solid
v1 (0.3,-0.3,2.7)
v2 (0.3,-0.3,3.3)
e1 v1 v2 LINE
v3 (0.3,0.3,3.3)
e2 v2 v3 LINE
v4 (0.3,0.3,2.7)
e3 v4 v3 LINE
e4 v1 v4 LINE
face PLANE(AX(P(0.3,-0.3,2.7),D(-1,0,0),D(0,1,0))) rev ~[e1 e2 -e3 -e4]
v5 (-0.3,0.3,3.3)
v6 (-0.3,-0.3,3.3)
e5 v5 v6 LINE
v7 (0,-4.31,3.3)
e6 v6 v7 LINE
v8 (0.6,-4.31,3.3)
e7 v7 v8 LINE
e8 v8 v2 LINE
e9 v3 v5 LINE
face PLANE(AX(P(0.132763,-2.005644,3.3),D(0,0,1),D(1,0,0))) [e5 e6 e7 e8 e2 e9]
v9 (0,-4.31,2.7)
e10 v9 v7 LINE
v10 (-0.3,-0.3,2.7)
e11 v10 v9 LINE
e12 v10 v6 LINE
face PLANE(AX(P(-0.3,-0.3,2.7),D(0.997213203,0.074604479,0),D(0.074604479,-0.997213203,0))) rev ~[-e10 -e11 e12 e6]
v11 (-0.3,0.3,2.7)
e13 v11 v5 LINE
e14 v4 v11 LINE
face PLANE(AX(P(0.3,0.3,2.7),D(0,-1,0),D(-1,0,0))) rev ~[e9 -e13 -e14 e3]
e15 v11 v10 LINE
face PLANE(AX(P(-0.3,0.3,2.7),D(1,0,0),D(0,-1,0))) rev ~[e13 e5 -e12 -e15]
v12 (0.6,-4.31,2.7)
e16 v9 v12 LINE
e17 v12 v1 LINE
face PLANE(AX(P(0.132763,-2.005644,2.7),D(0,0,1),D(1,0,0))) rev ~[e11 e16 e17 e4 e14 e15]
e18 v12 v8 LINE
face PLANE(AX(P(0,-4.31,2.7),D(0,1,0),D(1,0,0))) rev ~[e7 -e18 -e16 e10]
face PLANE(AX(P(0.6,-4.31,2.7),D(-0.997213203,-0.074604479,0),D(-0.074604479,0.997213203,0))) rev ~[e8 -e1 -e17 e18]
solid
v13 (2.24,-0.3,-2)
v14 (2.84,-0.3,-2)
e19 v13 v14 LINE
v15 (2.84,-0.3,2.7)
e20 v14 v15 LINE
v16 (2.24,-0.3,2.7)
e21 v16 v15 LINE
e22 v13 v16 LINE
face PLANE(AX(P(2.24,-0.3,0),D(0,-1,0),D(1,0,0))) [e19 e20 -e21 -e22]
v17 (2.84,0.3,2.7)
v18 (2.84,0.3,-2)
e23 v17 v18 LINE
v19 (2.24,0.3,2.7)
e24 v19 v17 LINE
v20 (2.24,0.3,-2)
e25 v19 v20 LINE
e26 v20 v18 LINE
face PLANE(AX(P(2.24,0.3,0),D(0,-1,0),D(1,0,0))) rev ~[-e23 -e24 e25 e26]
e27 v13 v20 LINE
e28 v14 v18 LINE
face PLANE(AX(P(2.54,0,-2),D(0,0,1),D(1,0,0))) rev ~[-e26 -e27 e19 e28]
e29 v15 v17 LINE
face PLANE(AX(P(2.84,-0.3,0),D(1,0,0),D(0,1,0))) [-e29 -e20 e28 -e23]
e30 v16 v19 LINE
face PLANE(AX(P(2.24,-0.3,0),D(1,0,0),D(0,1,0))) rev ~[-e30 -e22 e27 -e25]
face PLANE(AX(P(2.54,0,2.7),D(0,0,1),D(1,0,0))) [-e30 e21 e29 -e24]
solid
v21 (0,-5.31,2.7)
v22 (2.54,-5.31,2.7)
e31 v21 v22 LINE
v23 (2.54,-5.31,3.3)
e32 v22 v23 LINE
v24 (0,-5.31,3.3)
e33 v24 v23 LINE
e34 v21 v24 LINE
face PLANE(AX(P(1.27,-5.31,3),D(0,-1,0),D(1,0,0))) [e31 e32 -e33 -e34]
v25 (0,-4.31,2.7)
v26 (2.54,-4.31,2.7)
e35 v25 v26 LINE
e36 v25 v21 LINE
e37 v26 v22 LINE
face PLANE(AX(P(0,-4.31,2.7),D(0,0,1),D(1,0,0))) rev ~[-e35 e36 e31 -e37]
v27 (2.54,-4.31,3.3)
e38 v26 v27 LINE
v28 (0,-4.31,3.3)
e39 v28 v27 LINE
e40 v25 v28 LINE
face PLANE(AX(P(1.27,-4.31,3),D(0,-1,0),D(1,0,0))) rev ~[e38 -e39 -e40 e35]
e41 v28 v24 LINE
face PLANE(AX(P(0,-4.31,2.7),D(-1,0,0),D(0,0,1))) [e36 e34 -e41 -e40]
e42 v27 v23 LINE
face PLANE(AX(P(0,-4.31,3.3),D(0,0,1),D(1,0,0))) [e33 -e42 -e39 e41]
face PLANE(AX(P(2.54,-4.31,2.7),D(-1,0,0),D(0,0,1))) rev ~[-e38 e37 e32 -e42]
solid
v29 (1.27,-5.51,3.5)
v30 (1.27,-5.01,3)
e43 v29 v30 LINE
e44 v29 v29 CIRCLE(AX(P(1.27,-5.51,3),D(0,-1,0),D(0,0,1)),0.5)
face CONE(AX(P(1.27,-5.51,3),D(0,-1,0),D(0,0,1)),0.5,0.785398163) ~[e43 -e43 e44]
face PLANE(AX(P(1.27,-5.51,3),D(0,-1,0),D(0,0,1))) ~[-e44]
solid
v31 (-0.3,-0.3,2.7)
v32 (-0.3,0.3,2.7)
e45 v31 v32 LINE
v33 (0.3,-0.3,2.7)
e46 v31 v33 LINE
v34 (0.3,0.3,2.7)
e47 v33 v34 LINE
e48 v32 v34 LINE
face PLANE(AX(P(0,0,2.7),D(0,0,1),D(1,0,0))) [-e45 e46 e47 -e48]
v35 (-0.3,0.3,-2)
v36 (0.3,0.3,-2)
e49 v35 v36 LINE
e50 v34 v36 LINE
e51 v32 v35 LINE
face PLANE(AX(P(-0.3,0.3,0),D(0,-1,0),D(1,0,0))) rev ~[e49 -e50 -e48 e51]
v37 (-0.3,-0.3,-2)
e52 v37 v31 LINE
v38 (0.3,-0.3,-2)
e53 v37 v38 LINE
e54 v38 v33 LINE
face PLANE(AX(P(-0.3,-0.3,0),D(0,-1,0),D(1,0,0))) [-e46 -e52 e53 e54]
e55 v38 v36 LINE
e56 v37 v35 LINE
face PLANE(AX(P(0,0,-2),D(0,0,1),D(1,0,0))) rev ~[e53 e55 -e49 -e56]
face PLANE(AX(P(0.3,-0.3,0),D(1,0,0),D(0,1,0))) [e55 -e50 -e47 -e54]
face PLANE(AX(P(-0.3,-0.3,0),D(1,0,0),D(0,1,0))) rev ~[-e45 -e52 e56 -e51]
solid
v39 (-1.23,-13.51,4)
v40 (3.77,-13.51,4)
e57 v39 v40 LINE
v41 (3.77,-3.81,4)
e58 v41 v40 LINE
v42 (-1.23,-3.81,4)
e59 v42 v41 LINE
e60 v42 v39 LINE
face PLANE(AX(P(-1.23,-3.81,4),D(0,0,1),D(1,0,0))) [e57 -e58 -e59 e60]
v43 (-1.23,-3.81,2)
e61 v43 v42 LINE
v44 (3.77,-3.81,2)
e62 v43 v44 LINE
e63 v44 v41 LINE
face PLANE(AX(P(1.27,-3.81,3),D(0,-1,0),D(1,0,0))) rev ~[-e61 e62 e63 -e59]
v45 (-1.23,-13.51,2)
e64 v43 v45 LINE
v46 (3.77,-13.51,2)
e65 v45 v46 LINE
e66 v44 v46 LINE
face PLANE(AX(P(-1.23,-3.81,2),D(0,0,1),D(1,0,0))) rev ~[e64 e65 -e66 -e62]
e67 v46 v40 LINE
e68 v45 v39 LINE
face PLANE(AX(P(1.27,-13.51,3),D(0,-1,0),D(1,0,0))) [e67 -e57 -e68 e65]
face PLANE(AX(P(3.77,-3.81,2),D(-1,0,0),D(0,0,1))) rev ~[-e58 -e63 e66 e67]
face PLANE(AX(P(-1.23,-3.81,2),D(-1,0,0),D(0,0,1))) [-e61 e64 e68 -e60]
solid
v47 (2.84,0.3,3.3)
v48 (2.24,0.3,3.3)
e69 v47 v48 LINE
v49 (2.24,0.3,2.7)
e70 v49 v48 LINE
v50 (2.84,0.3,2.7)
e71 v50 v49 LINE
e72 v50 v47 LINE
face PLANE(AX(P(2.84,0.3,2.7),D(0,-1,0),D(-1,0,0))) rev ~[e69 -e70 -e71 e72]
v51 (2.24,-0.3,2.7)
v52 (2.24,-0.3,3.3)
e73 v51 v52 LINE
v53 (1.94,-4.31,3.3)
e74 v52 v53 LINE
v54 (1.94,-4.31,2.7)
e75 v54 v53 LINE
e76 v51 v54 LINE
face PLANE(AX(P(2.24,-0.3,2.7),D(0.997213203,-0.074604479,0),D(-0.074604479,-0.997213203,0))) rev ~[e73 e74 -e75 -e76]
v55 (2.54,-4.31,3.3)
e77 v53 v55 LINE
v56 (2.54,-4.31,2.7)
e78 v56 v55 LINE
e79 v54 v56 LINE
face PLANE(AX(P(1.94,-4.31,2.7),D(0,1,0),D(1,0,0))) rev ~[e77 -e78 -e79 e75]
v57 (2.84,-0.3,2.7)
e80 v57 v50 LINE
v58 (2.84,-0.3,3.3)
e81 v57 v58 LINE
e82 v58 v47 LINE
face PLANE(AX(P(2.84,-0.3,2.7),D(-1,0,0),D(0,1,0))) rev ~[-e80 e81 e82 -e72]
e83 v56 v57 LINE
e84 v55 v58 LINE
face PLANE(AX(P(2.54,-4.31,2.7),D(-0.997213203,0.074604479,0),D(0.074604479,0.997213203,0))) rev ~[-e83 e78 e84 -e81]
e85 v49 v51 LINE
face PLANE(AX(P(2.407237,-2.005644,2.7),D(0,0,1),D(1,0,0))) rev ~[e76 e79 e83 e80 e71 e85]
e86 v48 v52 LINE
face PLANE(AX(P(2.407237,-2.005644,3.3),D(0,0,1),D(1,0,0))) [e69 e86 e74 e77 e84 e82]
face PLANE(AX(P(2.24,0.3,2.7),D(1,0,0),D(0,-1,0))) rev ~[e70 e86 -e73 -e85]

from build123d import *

# Parameters (mm, degrees)
SKETCH_W       = 0.6
SKETCH_H       = 0.6
PAD_DEPTH      = 2.7
PAD_DEPTH_BACK = 2
PAD001_DEPTH   = 0.6
SKETCH002_W    = 2.54
SKETCH002_H    = 0.6
PAD002_DEPTH   = 1
SKETCH004_W    = 5
SKETCH004_H    = 2
PAD003_DEPTH   = 9.7


with BuildPart() as pad:
    # Sketch → Pad (new body, two sides)
    with BuildSketch(Plane.XY) as pad_sk:
        Rectangle(SKETCH_W, SKETCH_H)
        with Locations((2.54, 0)):
            Rectangle(SKETCH_W, SKETCH_H)
    extrude(amount=PAD_DEPTH)
    extrude(pad_sk.sketch, amount=-PAD_DEPTH_BACK)


with BuildPart() as pad001:
    # Sketch001 → Pad001 (new body)
    with BuildSketch(Plane.XY.offset(2.7)):
        Polygon((0.3, 0.3), (-0.3, 0.3), (-0.3, -0.3), (0, -4.31), (0.6, -4.31), (0.3, -0.3), align=None)
        Polygon((2.84, 0.3), (2.24, 0.3), (2.24, -0.3), (1.94, -4.31), (2.54, -4.31), (2.84, -0.3), align=None)
    extrude(amount=PAD001_DEPTH)


with BuildPart() as pad002:
    # Sketch002 → Pad002 (new body)
    with BuildSketch(Plane.XZ.offset(4.31)):
        with Locations((1.27, 3)):
            Rectangle(SKETCH002_W, SKETCH002_H)
    extrude(amount=PAD002_DEPTH)


with BuildPart() as pad003:
    # Sketch004 → Pad003 (new body)
    with BuildSketch(Plane.XZ.offset(3.81)):
        with Locations((1.27, 3)):
            Rectangle(SKETCH004_W, SKETCH004_H)
    extrude(amount=PAD003_DEPTH)


with BuildPart() as revolution001:
    # Sketch005 → Revolution001 (revolve)
    with BuildSketch(Plane.YZ.offset(1.27)):
        Polygon((-5.01, 3), (-5.51, 3), (-5.51, 3.5), align=None)
    revolve(axis=Axis((1.27, -3.977201, 3), (0, -1, 0)))


solid = Compound([pad.part, pad001.part, pad002.part, pad003.part, revolution001.part])
